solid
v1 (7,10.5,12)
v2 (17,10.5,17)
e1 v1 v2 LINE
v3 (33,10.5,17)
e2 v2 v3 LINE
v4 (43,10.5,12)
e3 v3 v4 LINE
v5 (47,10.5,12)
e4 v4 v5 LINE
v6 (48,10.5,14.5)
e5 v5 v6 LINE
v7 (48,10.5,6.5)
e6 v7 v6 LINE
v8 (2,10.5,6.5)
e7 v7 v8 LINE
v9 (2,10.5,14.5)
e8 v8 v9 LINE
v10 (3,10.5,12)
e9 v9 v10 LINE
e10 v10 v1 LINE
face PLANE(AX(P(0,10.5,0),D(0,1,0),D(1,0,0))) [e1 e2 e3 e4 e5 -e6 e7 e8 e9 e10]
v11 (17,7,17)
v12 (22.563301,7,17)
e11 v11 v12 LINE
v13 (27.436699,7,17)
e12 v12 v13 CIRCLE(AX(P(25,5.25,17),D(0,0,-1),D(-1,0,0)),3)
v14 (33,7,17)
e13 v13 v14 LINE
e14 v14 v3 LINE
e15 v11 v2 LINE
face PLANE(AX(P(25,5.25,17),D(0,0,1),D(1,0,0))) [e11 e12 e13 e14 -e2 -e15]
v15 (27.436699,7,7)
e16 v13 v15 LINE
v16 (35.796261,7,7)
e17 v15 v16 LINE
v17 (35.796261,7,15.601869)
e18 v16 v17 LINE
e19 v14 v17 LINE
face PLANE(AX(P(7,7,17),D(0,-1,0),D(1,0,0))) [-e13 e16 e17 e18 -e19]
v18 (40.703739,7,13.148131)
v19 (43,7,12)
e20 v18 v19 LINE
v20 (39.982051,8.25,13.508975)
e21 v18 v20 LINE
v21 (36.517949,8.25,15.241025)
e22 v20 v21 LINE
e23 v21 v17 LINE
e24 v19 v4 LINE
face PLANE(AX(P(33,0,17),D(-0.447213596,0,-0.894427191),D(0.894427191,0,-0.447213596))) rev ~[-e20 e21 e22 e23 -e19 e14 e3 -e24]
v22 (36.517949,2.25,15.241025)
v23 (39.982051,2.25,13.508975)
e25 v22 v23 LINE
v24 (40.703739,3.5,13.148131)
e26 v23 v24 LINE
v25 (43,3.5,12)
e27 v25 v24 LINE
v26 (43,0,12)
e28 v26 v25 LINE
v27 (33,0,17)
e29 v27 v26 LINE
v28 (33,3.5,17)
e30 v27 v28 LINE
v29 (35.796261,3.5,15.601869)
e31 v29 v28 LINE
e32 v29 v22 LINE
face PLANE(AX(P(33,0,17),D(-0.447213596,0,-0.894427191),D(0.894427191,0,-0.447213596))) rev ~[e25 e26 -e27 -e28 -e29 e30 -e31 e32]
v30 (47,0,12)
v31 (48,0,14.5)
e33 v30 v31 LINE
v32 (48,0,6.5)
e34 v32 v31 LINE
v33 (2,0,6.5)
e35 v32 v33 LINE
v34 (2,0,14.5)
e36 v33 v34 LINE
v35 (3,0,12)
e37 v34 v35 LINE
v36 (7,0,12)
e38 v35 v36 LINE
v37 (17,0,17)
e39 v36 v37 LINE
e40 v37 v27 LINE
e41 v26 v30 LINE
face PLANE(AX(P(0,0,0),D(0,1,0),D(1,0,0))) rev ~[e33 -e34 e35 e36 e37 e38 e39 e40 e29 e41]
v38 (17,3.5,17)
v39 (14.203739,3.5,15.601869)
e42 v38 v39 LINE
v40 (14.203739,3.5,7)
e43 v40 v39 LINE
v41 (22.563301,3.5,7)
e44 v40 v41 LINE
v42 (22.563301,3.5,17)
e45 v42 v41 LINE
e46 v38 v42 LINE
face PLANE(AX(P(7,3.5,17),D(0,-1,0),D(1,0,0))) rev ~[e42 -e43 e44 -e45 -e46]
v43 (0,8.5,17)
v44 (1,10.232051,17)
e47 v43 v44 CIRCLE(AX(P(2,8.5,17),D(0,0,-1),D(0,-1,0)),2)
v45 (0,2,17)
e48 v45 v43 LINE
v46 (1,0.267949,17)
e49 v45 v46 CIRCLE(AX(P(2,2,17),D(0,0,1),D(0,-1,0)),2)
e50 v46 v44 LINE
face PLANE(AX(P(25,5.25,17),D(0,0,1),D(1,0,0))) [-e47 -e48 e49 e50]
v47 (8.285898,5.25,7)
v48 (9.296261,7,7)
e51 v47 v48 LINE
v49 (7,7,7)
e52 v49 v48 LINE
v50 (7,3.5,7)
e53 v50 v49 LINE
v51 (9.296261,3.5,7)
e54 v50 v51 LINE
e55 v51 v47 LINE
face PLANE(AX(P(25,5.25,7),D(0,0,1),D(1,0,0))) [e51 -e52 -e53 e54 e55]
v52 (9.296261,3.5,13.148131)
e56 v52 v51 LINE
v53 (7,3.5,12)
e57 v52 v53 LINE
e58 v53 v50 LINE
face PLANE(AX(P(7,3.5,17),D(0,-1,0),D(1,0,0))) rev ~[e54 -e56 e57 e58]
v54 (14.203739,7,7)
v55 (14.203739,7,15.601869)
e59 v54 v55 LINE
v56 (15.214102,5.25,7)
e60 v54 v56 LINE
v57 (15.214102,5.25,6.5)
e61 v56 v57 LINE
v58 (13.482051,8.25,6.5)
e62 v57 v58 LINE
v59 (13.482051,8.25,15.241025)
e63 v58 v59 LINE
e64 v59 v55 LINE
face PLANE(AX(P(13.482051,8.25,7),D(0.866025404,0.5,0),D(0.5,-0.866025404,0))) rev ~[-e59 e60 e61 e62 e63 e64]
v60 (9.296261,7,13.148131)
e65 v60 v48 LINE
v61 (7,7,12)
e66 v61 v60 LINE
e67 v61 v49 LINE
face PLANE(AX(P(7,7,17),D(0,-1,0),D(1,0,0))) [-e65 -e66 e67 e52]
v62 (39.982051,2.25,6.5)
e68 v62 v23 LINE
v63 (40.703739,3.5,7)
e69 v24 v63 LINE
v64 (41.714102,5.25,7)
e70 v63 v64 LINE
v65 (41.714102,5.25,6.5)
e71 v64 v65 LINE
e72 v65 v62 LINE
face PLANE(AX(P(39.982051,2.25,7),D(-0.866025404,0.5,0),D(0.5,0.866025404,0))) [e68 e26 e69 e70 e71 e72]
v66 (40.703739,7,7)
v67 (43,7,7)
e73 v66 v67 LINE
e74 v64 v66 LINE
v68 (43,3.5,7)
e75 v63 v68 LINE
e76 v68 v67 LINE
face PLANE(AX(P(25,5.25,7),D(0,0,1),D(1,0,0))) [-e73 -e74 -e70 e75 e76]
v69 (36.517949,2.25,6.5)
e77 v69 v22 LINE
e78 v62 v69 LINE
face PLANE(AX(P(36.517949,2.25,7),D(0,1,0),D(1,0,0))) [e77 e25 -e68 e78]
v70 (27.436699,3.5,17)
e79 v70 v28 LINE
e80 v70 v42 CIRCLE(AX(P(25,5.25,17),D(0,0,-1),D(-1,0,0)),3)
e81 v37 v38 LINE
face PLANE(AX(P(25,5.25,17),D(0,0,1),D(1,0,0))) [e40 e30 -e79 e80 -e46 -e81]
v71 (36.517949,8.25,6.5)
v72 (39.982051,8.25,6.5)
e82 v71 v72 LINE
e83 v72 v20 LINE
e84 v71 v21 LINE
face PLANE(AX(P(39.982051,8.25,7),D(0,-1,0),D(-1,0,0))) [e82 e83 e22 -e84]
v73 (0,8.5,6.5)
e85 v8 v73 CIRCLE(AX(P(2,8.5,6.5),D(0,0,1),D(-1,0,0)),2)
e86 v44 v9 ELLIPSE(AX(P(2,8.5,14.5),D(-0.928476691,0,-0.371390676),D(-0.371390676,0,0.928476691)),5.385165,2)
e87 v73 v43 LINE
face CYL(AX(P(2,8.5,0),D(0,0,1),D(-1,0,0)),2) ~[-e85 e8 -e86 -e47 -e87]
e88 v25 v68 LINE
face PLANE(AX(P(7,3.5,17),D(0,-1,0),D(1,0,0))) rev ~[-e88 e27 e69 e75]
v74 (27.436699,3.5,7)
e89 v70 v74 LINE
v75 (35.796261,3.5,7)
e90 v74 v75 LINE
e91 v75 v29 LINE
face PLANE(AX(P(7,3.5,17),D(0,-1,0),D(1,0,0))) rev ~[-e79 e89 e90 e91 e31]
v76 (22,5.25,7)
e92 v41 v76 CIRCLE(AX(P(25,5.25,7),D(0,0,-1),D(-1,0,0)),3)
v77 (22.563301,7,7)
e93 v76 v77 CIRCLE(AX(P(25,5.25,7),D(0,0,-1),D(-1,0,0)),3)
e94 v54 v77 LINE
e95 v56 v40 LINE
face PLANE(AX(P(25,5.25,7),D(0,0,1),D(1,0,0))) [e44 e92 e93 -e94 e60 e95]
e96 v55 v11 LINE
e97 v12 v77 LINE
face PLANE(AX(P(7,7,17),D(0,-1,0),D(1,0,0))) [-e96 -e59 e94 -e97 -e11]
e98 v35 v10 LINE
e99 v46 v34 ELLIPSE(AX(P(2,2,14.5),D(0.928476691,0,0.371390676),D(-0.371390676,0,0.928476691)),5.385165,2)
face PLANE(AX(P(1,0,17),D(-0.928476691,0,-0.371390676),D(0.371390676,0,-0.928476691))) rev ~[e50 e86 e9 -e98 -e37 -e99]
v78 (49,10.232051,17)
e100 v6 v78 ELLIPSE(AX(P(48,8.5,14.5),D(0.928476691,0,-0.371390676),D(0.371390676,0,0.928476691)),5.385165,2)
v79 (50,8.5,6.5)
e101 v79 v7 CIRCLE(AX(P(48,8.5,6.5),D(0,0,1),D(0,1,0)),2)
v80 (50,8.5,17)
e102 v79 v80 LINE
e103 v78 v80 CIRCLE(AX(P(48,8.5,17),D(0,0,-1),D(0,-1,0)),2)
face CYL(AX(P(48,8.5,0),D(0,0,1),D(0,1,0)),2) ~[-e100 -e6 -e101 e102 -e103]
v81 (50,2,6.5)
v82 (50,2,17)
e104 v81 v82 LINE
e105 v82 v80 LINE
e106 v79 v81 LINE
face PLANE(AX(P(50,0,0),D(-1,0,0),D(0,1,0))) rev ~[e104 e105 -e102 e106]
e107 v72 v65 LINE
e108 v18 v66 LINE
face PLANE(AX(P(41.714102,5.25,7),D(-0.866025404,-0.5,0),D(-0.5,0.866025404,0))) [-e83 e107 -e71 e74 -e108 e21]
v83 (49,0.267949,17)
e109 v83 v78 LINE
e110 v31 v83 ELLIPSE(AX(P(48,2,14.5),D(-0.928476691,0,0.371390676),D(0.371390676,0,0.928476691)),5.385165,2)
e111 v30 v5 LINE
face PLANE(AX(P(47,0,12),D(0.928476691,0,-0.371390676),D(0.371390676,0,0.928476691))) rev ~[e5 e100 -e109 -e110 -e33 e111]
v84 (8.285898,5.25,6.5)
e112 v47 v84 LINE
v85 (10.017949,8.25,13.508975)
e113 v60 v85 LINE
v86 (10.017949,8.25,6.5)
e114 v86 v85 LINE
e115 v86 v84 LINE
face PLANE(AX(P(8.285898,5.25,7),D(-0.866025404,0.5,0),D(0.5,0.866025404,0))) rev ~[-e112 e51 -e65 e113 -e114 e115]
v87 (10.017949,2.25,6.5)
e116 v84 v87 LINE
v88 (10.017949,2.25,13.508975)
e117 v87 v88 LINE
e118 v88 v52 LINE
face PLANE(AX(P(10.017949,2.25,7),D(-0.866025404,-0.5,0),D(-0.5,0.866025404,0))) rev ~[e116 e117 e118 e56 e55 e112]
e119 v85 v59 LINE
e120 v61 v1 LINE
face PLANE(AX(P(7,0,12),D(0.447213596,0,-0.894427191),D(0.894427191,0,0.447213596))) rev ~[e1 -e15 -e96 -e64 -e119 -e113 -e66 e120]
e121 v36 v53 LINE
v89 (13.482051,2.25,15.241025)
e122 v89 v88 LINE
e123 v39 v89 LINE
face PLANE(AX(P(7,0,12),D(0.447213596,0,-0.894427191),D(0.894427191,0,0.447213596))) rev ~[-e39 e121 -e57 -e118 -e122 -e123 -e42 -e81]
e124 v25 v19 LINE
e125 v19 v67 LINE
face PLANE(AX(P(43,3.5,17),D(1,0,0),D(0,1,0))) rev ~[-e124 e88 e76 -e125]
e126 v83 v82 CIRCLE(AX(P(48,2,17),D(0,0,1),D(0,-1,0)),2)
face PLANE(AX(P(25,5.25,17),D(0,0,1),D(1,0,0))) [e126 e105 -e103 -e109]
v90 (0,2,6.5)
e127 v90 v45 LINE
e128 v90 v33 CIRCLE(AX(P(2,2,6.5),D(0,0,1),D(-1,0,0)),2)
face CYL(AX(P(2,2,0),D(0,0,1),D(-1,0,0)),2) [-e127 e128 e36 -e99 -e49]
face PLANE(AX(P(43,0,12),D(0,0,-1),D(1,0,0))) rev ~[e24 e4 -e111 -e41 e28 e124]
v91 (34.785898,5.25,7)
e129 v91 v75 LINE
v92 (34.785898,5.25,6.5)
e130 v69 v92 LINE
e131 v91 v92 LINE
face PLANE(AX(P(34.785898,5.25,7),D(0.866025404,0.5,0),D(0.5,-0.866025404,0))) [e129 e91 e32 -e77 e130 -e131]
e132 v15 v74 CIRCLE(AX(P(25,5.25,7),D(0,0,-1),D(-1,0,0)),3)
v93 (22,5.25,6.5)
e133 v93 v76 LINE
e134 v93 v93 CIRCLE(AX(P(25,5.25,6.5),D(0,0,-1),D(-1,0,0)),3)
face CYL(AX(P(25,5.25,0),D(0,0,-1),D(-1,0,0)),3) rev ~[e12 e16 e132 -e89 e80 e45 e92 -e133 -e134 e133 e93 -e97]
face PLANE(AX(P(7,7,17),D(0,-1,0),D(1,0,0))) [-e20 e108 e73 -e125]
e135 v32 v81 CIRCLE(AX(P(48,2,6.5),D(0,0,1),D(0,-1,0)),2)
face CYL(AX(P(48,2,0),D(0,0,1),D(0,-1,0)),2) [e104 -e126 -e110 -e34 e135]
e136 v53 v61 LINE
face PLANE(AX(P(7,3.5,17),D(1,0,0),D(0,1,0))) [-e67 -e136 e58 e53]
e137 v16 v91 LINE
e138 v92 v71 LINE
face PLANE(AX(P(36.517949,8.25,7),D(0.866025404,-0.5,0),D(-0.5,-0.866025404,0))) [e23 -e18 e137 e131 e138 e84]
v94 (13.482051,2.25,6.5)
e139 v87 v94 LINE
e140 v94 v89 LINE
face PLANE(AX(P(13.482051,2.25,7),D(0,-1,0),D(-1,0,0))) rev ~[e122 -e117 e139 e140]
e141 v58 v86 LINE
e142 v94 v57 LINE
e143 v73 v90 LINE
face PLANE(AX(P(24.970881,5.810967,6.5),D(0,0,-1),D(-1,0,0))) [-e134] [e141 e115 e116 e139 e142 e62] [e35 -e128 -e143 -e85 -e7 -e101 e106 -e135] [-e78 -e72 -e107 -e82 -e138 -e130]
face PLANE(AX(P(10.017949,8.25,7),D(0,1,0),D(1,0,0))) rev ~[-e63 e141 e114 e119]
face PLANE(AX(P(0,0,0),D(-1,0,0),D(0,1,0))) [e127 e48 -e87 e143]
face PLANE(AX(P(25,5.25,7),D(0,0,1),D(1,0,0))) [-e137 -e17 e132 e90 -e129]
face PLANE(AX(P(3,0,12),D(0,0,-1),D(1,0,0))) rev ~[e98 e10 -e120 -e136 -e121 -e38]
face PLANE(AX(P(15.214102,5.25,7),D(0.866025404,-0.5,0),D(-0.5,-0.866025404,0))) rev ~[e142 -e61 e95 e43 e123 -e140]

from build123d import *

# Parameters (mm, degrees)
SKETCH_1_W          = 50
SKETCH_1_H          = 10.5
EXTRUDE_1_DEPTH     = 17
SKETCH_2_W          = 36
SKETCH_2_H          = 3.5
CUT_EXTRUDE_1_DEPTH = 10
CUT_EXTRUDE_2_DEPTH = 10.5
SKETCH_4_W          = 3.5
SKETCH_4_H          = 6.5
CUT_EXTRUDE_3_DEPTH = 6.5
FILLET_1_R          = 2
SKETCH_6_R          = 3
SKETCH_6_R_2        = 1.75
CUT_EXTRUDE_4_DEPTH = 18
CUT_EXTRUDE_5_DEPTH = 11
CUT_EXTRUDE_6_DEPTH = 3
SKETCH_9_W          = 58.421136066
SKETCH_9_H          = 24.245128271
CUT_EXTRUDE_7_DEPTH = 7.5


with BuildPart() as part:
    # ｽｹｯﾁ1 → ﾎﾞｽ - 押し出し1 (new body)
    with BuildSketch(Plane.XY):
        with Locations((25, 5.25)):
            Rectangle(SKETCH_1_W, SKETCH_1_H)
    extrude(amount=EXTRUDE_1_DEPTH)

    # ｽｹｯﾁ2 → ｶｯﾄ - 押し出し1 (cut)
    with BuildSketch(Plane.XY.offset(17)):
        with Locations((25, 5.25)):
            Rectangle(SKETCH_2_W, SKETCH_2_H)
    extrude(amount=-CUT_EXTRUDE_1_DEPTH, mode=Mode.SUBTRACT)

    # ｽｹｯﾁ3 → ｶｯﾄ - 押し出し2 (cut)
    with BuildSketch(Plane.XZ):
        Polygon((1, 17), (3, 12), (7, 12), (17, 17), align=None)
        Polygon((33, 17), (43, 12), (47, 12), (49, 17), align=None)
    extrude(amount=-CUT_EXTRUDE_2_DEPTH, mode=Mode.SUBTRACT)

    # ｽｹｯﾁ4 → ｶｯﾄ - 押し出し3 (cut)
    with BuildSketch(Plane(origin=(0, 0, 0), x_dir=(-1, 0, 0), z_dir=(0, 0, -1))):
        with Locations((-2.15, 5.25)):
            Rectangle(SKETCH_4_W, SKETCH_4_H)
        with Locations((-47.85, 5.25)):
            Rectangle(SKETCH_4_W, SKETCH_4_H)
    extrude(amount=-CUT_EXTRUDE_3_DEPTH, mode=Mode.SUBTRACT)

    # ﾌｨﾚｯﾄ1
    fillet_1_edges = [part.edges().sort_by_distance(p)[0] for p in [
        (0, 0, 8.5),
        (0, 10.5, 8.5),
        (50, 0, 8.5),
        (50, 10.5, 8.5),
    ]]
    fillet(fillet_1_edges, radius=FILLET_1_R)

    # ｽｹｯﾁ6 → ｶｯﾄ - 押し出し4 (cut, through all)
    with BuildSketch(Plane(origin=(0, 0, 0), x_dir=(-1, 0, 0), z_dir=(0, 0, -1))):
        with Locations((-25, 5.25)):
            Circle(SKETCH_6_R)
        with Locations((-11.75, 5.25)):
            Circle(SKETCH_6_R_2)
        with Locations((-38.25, 5.25)):
            Circle(SKETCH_6_R_2)
    extrude(amount=-CUT_EXTRUDE_4_DEPTH, mode=Mode.SUBTRACT)

    # ｽｹｯﾁ7 → ｶｯﾄ - 押し出し5 (cut, through all)
    with BuildSketch(Plane.XY.offset(7)):
        Polygon((34.785898385, 5.25), (36.517949192, 2.25), (39.982050808, 2.25), (41.714101615, 5.25), (39.982050808, 8.25), (36.517949192, 8.25), align=None)
        Polygon((13.482050808, 8.25), (15.214101615, 5.25), (13.482050808, 2.25), (10.017949192, 2.25), (8.285898385, 5.25), (10.017949192, 8.25), align=None)
    extrude(amount=CUT_EXTRUDE_5_DEPTH, mode=Mode.SUBTRACT)

    # ｽｹｯﾁ8 → ｶｯﾄ - 押し出し6 (cut)
    with BuildSketch(Plane.XY.offset(7)):
        Polygon((36.517949192, 2.25), (39.982050808, 2.25), (41.714101615, 5.25), (39.982050808, 8.25), (36.517949192, 8.25), (34.785898385, 5.25), align=None)
        Polygon((15.214101615, 5.25), (13.482050808, 2.25), (10.017949192, 2.25), (8.285898385, 5.25), (10.017949192, 8.25), (13.482050808, 8.25), align=None)
    extrude(amount=-CUT_EXTRUDE_6_DEPTH, mode=Mode.SUBTRACT)

    # ｽｹｯﾁ9 → ｶｯﾄ - 押し出し7 (cut, through all)
    with BuildSketch(Plane(origin=(0, 0, 6.5), x_dir=(-1, 0, 0), z_dir=(0, 0, -1))):
        with Locations((-24.970881096, 5.810967265)):
            Rectangle(SKETCH_9_W, SKETCH_9_H)
    extrude(amount=CUT_EXTRUDE_7_DEPTH, mode=Mode.SUBTRACT)


solid = part.part
